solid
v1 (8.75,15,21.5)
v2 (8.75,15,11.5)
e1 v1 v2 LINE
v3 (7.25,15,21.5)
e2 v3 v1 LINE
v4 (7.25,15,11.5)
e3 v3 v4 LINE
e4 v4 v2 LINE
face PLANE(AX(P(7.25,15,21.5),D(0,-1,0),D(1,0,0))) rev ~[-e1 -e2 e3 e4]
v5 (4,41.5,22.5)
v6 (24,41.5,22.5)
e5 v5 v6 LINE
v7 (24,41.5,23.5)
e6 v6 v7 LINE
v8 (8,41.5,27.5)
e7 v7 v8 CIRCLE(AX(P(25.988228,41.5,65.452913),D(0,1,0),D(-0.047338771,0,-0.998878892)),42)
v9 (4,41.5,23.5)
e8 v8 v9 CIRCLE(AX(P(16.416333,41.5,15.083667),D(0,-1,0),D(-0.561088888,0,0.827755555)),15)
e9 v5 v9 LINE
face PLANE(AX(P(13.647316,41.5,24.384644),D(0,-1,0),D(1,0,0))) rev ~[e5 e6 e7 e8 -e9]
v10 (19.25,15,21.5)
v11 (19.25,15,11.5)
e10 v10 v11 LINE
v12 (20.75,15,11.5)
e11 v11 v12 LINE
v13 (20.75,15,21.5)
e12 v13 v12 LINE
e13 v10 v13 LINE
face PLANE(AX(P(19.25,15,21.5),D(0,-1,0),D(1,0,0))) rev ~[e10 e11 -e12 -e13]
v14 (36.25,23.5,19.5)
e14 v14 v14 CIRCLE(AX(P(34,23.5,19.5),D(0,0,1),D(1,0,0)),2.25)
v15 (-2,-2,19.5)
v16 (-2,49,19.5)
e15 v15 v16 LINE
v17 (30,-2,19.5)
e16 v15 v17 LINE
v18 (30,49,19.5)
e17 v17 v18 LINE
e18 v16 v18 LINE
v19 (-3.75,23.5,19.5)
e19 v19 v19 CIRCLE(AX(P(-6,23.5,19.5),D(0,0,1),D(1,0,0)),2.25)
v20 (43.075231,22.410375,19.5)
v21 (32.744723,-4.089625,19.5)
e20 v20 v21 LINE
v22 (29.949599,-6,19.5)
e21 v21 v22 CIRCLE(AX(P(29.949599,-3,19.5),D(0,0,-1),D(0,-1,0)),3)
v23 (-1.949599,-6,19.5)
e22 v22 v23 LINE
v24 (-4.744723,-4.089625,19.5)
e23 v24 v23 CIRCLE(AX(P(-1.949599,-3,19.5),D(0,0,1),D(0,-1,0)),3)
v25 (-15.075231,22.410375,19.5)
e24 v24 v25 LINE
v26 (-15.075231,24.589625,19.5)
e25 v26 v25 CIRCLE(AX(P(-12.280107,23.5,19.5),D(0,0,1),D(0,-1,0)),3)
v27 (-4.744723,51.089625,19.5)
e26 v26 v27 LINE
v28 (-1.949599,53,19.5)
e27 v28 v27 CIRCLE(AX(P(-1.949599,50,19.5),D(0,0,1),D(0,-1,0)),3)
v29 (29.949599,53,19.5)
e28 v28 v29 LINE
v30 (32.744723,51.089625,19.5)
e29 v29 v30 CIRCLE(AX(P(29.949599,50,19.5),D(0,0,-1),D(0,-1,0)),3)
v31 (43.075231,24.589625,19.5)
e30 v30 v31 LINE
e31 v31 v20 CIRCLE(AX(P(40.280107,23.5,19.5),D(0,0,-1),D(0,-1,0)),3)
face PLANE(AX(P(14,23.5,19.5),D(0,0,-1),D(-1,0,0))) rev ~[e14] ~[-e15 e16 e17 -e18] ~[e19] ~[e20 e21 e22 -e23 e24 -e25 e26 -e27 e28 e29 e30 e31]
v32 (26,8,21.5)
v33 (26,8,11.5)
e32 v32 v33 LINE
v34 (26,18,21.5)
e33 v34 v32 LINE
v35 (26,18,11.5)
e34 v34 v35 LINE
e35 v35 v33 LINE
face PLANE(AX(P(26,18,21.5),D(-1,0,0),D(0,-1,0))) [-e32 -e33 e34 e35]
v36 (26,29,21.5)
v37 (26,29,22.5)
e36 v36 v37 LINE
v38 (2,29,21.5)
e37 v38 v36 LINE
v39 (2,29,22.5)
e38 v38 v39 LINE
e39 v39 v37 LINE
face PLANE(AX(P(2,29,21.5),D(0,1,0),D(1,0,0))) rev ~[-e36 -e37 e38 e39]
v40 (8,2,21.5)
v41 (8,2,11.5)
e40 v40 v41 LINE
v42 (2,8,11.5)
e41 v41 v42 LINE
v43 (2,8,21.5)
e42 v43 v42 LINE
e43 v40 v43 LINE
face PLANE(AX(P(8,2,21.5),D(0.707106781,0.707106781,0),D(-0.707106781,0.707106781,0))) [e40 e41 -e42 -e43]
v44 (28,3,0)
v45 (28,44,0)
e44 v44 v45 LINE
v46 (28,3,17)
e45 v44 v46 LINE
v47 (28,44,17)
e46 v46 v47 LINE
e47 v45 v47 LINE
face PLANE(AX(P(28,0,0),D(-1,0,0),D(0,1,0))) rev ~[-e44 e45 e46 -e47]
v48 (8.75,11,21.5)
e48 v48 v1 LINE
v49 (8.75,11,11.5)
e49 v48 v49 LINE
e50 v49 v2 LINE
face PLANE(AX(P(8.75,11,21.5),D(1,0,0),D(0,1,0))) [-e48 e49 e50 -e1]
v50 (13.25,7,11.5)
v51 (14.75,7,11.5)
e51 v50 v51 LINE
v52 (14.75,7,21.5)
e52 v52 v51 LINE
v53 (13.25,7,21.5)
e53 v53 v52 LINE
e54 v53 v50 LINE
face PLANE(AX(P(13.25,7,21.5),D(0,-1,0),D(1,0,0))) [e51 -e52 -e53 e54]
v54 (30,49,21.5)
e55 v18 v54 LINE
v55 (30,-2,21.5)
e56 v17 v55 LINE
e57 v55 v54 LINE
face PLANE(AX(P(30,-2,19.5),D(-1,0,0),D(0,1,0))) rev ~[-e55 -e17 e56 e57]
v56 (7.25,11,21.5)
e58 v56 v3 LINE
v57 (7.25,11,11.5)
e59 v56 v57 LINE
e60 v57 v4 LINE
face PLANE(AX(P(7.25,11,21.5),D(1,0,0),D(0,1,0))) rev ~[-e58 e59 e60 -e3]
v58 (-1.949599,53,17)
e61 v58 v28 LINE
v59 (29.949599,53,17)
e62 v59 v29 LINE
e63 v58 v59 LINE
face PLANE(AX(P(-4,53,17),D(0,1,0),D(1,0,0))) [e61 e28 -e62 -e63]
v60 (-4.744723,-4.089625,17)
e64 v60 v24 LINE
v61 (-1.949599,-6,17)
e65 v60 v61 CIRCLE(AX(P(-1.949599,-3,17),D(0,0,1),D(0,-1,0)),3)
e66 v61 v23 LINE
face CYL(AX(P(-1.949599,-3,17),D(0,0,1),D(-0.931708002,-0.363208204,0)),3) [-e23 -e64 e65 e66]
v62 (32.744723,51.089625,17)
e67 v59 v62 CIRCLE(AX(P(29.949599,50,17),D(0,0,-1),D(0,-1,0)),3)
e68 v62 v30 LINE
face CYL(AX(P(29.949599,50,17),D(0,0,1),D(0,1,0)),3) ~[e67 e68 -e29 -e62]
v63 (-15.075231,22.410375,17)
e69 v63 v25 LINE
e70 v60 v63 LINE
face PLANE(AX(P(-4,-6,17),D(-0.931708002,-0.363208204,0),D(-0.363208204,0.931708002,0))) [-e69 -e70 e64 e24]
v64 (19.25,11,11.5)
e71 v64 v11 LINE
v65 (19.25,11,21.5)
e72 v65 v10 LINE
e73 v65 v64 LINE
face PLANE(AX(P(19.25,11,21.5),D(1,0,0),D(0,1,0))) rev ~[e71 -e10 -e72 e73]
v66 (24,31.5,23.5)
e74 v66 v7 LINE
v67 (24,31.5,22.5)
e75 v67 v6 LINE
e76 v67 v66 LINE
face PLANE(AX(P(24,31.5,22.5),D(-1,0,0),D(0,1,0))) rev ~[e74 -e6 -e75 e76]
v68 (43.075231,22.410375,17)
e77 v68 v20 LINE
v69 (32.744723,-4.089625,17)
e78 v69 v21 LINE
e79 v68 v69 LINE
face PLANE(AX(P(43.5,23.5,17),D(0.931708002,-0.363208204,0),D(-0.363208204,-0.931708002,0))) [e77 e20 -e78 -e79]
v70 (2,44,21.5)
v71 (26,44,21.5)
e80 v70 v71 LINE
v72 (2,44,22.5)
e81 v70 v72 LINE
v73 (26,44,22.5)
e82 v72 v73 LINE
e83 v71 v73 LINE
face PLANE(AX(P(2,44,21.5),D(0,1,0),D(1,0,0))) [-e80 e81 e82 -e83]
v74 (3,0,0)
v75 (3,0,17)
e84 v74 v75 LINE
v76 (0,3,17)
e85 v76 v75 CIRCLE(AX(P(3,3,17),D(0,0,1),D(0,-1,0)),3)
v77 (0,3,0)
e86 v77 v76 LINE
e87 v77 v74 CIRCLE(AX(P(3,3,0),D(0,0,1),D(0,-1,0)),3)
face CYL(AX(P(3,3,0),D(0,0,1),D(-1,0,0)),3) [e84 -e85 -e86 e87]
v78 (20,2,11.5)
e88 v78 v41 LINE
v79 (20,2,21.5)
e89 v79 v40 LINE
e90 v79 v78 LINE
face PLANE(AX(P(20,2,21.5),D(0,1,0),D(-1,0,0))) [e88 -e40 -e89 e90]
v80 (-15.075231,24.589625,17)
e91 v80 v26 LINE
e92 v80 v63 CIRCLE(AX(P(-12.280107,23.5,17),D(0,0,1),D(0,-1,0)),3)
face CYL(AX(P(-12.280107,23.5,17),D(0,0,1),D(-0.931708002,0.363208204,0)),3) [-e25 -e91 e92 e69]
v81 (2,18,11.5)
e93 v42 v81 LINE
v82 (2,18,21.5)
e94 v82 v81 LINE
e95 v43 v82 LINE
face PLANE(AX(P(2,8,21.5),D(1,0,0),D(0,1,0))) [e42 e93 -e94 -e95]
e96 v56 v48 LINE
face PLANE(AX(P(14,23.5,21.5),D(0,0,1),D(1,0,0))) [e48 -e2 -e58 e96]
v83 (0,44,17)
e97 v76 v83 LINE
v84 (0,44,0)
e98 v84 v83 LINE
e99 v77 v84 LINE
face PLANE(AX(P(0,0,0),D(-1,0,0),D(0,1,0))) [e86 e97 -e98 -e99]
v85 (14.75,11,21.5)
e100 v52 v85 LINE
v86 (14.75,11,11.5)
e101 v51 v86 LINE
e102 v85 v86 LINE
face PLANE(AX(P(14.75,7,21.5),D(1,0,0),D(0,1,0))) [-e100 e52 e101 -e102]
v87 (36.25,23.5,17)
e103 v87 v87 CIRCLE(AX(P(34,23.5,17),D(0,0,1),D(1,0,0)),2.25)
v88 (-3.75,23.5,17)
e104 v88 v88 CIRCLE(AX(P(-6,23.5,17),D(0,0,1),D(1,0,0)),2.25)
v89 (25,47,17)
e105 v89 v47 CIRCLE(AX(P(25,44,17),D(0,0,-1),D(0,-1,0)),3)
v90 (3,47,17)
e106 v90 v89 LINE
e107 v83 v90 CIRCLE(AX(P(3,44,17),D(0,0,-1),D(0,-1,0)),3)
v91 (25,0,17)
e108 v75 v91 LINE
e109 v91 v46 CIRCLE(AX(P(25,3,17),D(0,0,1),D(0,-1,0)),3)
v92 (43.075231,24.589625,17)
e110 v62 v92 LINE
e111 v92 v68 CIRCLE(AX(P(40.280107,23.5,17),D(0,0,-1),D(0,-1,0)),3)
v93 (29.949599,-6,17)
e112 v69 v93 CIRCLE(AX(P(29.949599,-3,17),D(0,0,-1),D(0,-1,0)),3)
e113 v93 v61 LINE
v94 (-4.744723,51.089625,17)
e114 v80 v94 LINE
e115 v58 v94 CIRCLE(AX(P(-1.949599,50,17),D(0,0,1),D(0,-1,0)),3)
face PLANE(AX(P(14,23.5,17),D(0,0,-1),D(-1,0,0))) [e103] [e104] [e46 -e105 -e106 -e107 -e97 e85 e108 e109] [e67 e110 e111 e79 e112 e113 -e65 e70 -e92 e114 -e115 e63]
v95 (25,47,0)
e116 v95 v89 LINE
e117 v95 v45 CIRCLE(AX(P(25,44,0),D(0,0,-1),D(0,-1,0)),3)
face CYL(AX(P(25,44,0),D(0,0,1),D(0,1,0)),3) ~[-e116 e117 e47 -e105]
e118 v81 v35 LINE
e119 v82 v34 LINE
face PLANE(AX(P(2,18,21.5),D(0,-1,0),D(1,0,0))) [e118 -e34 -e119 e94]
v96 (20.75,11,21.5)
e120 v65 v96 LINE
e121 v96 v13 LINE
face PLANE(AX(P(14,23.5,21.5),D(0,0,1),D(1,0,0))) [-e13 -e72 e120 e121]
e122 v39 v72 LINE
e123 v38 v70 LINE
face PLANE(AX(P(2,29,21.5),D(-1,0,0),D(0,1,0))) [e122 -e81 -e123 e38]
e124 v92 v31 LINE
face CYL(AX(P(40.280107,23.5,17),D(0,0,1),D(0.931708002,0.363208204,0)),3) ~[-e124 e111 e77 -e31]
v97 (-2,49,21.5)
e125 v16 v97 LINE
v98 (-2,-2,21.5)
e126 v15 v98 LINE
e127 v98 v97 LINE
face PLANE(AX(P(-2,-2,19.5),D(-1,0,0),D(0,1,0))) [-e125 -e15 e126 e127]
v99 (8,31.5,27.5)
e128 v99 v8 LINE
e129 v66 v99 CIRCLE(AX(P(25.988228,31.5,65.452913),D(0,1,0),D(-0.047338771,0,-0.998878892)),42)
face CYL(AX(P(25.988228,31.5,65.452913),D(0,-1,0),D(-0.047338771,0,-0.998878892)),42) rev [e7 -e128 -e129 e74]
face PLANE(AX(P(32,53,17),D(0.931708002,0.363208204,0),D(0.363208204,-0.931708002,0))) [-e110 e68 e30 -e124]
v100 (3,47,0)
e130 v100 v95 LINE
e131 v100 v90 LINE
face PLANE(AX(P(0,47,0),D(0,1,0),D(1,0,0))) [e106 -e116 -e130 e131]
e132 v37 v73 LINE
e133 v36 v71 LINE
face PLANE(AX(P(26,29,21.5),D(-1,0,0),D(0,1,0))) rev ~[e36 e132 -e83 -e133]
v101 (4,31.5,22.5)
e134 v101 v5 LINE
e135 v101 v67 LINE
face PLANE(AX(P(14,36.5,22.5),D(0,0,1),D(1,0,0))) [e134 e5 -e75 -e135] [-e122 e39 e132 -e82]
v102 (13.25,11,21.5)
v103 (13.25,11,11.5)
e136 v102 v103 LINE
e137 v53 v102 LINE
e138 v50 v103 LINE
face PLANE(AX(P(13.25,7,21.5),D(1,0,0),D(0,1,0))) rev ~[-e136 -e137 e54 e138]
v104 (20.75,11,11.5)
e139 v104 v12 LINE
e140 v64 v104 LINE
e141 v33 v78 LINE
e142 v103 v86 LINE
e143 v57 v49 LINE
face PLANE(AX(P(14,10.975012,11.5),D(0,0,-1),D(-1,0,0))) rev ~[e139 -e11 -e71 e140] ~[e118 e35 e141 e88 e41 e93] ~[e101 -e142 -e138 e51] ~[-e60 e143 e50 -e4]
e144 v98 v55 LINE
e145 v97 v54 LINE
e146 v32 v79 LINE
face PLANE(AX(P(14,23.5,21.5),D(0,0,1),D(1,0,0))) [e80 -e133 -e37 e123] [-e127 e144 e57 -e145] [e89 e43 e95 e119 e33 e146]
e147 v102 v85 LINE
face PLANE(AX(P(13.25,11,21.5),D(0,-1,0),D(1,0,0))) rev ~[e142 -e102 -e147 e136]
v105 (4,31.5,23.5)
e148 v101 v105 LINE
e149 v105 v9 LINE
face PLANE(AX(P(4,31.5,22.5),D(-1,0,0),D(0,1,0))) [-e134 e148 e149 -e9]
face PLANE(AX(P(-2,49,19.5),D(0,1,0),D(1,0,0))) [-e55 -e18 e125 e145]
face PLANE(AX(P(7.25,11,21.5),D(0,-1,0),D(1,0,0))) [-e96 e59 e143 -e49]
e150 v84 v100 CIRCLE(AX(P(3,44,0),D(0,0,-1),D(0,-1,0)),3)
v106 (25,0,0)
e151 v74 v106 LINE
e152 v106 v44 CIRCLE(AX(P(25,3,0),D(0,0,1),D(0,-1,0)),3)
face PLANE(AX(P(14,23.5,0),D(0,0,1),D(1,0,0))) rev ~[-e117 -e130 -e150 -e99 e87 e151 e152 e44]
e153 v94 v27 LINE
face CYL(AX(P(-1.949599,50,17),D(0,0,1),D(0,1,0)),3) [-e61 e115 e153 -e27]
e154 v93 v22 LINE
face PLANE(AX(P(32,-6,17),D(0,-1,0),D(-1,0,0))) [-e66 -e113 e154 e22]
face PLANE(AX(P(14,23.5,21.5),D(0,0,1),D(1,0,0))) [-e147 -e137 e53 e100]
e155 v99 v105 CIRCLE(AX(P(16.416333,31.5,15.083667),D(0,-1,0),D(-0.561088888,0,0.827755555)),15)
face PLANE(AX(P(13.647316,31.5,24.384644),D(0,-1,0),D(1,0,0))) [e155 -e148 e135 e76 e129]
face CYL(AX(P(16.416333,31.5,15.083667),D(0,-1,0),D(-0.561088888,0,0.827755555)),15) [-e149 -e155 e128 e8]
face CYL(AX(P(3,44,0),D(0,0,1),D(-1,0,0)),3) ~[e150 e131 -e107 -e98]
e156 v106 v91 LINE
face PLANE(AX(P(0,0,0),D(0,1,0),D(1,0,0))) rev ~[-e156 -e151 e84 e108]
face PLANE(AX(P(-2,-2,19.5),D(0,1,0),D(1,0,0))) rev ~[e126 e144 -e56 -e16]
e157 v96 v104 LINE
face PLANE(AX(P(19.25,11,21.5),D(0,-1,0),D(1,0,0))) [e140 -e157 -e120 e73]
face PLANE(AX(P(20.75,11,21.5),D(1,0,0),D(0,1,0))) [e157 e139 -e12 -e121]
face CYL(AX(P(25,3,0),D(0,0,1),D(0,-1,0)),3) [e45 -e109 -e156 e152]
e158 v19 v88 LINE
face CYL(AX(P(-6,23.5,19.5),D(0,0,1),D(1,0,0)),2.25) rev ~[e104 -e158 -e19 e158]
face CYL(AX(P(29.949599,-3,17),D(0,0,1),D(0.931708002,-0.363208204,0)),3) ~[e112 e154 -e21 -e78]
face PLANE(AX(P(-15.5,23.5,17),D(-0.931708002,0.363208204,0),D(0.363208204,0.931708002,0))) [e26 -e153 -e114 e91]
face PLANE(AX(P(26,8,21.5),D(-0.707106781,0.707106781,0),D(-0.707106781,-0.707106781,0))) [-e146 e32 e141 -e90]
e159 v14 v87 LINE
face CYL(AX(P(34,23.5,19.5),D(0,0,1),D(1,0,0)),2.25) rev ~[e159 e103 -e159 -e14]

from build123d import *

# Parameters (mm, degrees)
SKETCH_1_W          = 28
SKETCH_1_H          = 47
EXTRUDE_1_DEPTH     = 17
EXTRUDE_2_DEPTH     = 2.5
SKETCH_3_W          = 32
SKETCH_3_H          = 51
EXTRUDE_3_DEPTH     = 2
SKETCH_5_W          = 1.5
SKETCH_5_H          = 4
CUT_EXTRUDE_3_DEPTH = 10
SKETCH_6_W          = 24
SKETCH_6_H          = 15
EXTRUDE_4_DEPTH     = 1
SKETCH_7_W          = 20
SKETCH_7_H          = 10
EXTRUDE_5_DEPTH     = 1
EXTRUDE_6_DEPTH     = 10
SKETCH_9_R          = 2.25
CUT_EXTRUDE_4_DEPTH = 20.5
FILLET_1_R          = 3


with BuildPart() as part:
    # Эскиз1 → Бобышка-Вытянуть1 (new body)
    with BuildSketch(Plane.XY):
        with Locations((14, 23.5)):
            Rectangle(SKETCH_1_W, SKETCH_1_H)
    extrude(amount=EXTRUDE_1_DEPTH)

    # Эскиз2 → Бобышка-Вытянуть2 (add)
    with BuildSketch(Plane.XY.offset(17)):
        Polygon((-4, 53), (32, 53), (43.5, 23.5), (32, -6), (-4, -6), (-15.5, 23.5), align=None)
    extrude(amount=EXTRUDE_2_DEPTH)

    # Эскиз3 → Бобышка-Вытянуть3 (add)
    with BuildSketch(Plane.XY.offset(19.5)):
        with Locations((14, 23.5)):
            Rectangle(SKETCH_3_W, SKETCH_3_H)
    extrude(amount=EXTRUDE_3_DEPTH)

    # Эскиз5 → Вырез-Вытянуть3 (cut)
    with BuildSketch(Plane.XY.offset(21.5)):
        Polygon((2, 18), (26, 18), (26, 8), (20, 2), (8, 2), (2, 8), align=None)
        with Locations((8, 13)):
            Rectangle(SKETCH_5_W, SKETCH_5_H, mode=Mode.SUBTRACT)
        with Locations((14, 9)):
            Rectangle(SKETCH_5_W, SKETCH_5_H, mode=Mode.SUBTRACT)
        with Locations((20, 13)):
            Rectangle(SKETCH_5_W, SKETCH_5_H, mode=Mode.SUBTRACT)
    extrude(amount=-CUT_EXTRUDE_3_DEPTH, mode=Mode.SUBTRACT)

    # Эскиз6 → Бобышка-Вытянуть4 (add)
    with BuildSketch(Plane.XY.offset(21.5)):
        with Locations((14, 36.5)):
            Rectangle(SKETCH_6_W, SKETCH_6_H)
    extrude(amount=EXTRUDE_4_DEPTH)

    # Эскиз7 → Бобышка-Вытянуть5 (add)
    with BuildSketch(Plane.XY.offset(22.5)):
        with Locations((14, 36.5)):
            Rectangle(SKETCH_7_W, SKETCH_7_H)
    extrude(amount=EXTRUDE_5_DEPTH)

    # Эскиз8 → Бобышка-Вытянуть6 (add)
    with BuildSketch(Plane.XZ.offset(-31.5)):
        with BuildLine():
            Line((4, 23.5), (24, 23.5))
            ThreePointArc((24, 23.5), (15.801732114, 24.706928456), (8, 27.5))
            ThreePointArc((8, 27.5), (5.80973161, 25.69026839), (4, 23.5))
        make_face()
    extrude(amount=-EXTRUDE_6_DEPTH)

    # Эскиз9 → Вырез-Вытянуть4 (cut, through all)
    with BuildSketch(Plane.XY.offset(19.5)):
        with Locations((-6, 23.5)):
            Circle(SKETCH_9_R)
        with Locations((34, 23.5)):
            Circle(SKETCH_9_R)
    extrude(amount=-CUT_EXTRUDE_4_DEPTH, mode=Mode.SUBTRACT)

    # Скругление1
    fillet_1_edges = [part.edges().sort_by_distance(p)[0] for p in [
        (43.5, 23.5, 18.25),
        (32, 53, 18.25),
        (-4, 53, 18.25),
        (-15.5, 23.5, 18.25),
        (-4, -6, 18.25),
        (32, -6, 18.25),
        (0, 47, 8.5),
        (28, 47, 8.5),
        (28, 0, 8.5),
        (0, 0, 8.5),
    ]]
    fillet(fillet_1_edges, radius=FILLET_1_R)


solid = part.part
